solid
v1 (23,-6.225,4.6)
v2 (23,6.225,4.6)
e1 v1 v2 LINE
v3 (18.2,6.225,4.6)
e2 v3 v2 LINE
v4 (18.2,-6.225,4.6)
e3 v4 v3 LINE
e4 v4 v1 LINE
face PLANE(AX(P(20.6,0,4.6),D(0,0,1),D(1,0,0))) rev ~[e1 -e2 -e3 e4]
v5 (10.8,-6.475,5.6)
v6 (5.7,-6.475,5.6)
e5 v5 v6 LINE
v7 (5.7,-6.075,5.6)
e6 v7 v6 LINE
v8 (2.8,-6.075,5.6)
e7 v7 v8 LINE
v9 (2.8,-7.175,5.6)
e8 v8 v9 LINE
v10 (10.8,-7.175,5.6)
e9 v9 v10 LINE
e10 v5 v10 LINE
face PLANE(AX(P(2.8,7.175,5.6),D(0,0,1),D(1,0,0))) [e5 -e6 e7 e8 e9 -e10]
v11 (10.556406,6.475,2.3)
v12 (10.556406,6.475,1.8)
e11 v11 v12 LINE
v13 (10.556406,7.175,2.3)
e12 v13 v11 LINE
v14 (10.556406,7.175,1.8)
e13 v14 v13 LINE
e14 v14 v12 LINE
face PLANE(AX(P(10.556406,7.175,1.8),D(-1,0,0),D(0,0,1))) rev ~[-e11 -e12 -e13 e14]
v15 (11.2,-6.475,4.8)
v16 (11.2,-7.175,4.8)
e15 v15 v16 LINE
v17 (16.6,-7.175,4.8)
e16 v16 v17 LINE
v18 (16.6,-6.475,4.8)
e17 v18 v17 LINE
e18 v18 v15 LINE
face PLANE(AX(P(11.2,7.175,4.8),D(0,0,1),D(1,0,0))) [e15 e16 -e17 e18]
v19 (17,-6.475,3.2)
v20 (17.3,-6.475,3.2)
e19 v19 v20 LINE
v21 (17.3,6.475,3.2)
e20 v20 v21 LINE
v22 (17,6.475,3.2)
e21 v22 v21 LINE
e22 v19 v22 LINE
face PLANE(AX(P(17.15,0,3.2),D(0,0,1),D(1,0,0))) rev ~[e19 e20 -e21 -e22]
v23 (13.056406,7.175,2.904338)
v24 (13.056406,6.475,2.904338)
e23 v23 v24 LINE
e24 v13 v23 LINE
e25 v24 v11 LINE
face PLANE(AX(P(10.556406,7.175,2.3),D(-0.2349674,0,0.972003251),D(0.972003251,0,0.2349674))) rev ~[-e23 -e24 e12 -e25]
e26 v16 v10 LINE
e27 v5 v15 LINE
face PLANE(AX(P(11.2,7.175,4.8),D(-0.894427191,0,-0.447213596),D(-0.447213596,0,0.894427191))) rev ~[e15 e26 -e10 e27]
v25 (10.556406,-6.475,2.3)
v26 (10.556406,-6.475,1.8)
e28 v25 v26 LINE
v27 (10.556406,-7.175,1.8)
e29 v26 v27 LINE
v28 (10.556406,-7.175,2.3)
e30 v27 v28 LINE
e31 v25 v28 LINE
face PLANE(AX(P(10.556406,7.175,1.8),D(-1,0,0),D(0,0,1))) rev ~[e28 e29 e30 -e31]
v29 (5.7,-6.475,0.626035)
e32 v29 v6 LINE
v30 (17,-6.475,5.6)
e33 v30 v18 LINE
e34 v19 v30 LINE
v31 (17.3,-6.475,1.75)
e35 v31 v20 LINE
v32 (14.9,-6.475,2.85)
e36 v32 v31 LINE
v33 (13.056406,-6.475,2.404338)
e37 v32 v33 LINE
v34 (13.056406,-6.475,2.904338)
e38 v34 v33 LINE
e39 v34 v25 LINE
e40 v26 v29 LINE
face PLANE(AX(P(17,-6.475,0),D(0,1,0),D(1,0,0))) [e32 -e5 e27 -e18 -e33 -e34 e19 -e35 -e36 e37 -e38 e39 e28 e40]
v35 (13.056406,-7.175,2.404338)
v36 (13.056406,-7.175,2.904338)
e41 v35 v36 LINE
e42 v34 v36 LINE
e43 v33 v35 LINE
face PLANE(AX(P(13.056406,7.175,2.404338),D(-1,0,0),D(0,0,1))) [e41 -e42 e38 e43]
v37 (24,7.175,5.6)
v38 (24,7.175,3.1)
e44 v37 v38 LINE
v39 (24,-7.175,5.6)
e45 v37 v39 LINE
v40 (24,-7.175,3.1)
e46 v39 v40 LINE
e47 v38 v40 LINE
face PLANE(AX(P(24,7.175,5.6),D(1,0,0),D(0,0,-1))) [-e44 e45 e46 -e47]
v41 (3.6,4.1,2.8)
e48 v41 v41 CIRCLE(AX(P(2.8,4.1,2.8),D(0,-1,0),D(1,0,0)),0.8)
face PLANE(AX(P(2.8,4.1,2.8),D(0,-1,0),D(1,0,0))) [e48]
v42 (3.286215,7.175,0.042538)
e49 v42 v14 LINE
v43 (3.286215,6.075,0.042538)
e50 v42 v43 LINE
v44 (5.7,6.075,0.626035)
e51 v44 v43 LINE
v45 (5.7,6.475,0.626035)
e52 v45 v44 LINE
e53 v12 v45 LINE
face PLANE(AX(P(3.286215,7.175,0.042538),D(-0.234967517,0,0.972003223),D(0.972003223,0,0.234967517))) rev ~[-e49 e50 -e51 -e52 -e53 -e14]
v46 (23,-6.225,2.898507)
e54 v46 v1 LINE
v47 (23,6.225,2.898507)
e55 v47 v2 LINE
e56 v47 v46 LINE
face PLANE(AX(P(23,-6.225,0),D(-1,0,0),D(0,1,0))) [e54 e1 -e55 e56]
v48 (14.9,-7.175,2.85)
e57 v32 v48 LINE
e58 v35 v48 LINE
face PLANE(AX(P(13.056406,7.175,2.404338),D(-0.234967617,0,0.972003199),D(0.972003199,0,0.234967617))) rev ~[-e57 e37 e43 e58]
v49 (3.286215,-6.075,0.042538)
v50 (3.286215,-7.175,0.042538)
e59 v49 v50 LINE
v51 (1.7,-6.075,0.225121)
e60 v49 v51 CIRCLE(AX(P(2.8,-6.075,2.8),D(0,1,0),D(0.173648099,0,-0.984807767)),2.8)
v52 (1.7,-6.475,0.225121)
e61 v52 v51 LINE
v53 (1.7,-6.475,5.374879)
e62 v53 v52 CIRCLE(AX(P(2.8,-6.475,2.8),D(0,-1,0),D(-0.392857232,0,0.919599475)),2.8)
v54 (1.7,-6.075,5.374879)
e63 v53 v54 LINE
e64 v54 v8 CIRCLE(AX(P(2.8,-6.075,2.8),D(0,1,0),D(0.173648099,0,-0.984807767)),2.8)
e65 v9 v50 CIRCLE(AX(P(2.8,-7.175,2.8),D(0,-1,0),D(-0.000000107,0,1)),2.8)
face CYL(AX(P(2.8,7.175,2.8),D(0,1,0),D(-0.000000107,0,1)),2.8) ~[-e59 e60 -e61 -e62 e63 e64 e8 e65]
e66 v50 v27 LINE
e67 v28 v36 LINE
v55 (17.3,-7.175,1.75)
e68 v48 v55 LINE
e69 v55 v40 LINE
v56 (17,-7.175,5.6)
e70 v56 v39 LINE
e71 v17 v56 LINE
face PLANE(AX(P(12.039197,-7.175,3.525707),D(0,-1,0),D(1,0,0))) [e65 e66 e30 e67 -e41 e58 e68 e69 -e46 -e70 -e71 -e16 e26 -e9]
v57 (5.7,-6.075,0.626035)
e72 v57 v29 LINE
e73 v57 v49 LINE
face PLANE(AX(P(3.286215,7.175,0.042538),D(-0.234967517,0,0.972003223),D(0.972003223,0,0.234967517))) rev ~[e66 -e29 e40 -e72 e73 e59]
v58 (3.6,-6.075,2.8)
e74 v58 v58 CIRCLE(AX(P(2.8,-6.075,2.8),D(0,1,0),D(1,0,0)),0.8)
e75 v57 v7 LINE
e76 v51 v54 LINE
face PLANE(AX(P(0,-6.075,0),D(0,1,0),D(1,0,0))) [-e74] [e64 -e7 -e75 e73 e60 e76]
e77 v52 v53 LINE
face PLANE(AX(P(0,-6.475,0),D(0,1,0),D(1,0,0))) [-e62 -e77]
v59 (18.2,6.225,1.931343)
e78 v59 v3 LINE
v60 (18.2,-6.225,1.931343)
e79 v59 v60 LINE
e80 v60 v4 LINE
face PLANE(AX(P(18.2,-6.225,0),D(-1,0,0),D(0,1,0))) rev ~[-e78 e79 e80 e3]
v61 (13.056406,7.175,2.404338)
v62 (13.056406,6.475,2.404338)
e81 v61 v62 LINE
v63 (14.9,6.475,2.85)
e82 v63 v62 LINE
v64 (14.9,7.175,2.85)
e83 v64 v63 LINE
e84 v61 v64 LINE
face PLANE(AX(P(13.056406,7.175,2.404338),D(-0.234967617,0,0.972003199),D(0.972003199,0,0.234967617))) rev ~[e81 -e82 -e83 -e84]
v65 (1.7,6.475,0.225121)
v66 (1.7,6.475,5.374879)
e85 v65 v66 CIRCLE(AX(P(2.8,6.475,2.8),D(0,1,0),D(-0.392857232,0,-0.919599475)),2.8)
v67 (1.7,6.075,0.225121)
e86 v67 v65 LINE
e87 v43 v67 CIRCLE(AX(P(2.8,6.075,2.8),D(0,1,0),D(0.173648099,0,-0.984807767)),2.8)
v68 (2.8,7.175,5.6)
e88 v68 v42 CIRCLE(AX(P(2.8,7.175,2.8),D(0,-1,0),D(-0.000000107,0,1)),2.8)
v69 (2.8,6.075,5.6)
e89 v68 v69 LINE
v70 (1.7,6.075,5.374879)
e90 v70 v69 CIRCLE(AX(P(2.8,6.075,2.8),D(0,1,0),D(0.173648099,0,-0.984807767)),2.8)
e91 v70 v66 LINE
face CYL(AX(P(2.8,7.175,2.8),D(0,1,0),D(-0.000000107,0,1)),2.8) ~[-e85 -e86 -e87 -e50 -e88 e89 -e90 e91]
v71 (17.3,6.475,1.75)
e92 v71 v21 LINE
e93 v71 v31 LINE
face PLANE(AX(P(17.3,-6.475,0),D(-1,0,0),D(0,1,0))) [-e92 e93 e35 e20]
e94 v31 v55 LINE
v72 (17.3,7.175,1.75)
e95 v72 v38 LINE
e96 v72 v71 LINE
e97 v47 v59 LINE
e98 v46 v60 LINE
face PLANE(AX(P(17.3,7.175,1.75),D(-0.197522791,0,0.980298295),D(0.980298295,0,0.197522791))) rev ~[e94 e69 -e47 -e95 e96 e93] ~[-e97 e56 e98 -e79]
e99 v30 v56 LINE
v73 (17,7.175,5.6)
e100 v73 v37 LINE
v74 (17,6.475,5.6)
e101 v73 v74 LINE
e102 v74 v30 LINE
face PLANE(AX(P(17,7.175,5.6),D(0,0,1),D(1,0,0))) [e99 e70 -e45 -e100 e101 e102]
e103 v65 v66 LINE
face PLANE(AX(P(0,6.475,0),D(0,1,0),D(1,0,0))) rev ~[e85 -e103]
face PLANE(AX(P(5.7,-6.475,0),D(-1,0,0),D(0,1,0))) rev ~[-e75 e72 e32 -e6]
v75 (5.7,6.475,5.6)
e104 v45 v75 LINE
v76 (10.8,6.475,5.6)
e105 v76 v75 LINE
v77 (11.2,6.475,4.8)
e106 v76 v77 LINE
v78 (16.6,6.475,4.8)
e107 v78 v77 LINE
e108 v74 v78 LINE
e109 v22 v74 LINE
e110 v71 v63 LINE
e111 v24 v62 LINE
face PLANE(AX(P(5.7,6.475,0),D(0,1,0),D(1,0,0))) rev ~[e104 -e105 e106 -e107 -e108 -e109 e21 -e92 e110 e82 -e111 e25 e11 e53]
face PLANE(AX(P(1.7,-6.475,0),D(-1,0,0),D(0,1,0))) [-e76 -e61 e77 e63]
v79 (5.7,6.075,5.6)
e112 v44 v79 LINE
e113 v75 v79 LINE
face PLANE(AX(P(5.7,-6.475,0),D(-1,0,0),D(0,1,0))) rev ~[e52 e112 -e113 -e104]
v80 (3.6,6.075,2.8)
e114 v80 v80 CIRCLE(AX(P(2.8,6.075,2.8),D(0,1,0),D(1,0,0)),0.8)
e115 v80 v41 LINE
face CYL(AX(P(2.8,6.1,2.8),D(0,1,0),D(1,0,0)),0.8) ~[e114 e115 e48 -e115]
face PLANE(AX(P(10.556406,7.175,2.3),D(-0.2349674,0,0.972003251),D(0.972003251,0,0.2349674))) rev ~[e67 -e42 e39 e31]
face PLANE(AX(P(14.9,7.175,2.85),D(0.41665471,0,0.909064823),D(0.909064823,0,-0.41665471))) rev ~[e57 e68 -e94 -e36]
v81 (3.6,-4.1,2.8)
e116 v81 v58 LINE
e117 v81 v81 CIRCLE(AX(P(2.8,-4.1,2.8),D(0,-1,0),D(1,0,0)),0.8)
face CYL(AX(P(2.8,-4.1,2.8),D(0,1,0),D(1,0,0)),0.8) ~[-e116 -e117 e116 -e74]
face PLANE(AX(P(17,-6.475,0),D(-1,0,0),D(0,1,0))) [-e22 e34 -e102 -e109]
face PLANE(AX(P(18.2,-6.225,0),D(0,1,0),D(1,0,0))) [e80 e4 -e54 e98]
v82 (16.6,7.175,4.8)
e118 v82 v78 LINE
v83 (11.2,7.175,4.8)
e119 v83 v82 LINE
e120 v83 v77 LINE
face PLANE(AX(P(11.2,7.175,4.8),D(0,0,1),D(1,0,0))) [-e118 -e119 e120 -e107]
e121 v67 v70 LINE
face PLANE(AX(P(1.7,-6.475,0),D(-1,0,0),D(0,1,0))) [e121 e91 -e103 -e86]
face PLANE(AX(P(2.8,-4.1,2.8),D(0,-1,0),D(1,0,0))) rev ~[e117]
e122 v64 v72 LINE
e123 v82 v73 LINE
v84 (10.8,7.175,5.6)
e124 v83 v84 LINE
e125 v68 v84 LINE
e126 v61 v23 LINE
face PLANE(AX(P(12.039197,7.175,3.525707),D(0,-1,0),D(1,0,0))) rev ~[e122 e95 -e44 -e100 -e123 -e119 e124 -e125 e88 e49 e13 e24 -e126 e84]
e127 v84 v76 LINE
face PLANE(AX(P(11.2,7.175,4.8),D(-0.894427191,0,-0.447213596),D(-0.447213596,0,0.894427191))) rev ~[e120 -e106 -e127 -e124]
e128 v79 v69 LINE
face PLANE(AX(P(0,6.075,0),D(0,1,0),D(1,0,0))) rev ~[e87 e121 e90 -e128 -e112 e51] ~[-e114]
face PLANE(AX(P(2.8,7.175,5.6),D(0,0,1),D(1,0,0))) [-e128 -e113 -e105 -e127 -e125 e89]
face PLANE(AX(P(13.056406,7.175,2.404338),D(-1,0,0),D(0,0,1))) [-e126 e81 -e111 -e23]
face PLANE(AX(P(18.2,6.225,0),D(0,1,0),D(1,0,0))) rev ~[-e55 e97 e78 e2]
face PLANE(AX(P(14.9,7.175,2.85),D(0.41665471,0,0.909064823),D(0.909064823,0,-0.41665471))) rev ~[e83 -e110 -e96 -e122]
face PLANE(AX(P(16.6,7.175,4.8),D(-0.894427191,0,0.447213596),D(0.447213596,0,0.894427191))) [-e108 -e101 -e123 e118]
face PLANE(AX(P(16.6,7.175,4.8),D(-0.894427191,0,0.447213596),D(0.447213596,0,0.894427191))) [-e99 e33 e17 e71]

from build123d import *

# Parameters (mm, degrees)
CYLINDER_R        = 0.8
CYLINDER_DEPTH    = 2
CYLINDER001_R     = 0.8
CYLINDER001_DEPTH = 2
BOX004_W          = 0.3
BOX004_H          = 12.95
BOX004_DEPTH      = 3.2
BOX003_W          = 4.8
BOX003_H          = 12.45
BOX003_DEPTH      = 4.6
BOX001_W          = 1.7
BOX001_H          = 12.95
BOX001_DEPTH      = 10
BOX002_W          = 11.3
BOX002_H          = 12.95
BOX002_DEPTH      = 10
BOX_W             = 15.8
BOX_H             = 12.15
BOX_DEPTH         = 10
EXTRUDE_DEPTH     = 14.35


with BuildPart() as cylinder:
    # Cylinder → Cylinder (new body)
    with BuildSketch(Plane(origin=(2.8, -4.1, 2.8), x_dir=(1, 0, 0), z_dir=(0, -1, 0))):
        Circle(CYLINDER_R)
    extrude(amount=CYLINDER_DEPTH)


with BuildPart() as cylinder001:
    # Cylinder001 → Cylinder001 (new body)
    with BuildSketch(Plane(origin=(2.8, 6.1, 2.8), x_dir=(1, 0, 0), z_dir=(0, -1, 0))):
        Circle(CYLINDER001_R)
    extrude(amount=CYLINDER001_DEPTH)


with BuildPart() as cube004:
    # Box004 → Box004 (new body)
    with BuildSketch(Plane(origin=(17, -6.475, 0), x_dir=(1, 0, 0), z_dir=(0, 0, 1))):
        with Locations((0.15, 6.475)):
            Rectangle(BOX004_W, BOX004_H)
    extrude(amount=BOX004_DEPTH)


with BuildPart() as compound001:
    # Box003 → Box003 (new body)
    with BuildSketch(Plane(origin=(18.2, -6.225, 0), x_dir=(1, 0, 0), z_dir=(0, 0, 1))):
        with Locations((2.4, 6.225)):
            Rectangle(BOX003_W, BOX003_H)
    extrude(amount=BOX003_DEPTH)

    # Compound001: union Cube004
    add(cube004.part)


with BuildPart() as cube001:
    # Box001 → Box001 (new body)
    with BuildSketch(Plane(origin=(0, -6.475, 0), x_dir=(1, 0, 0), z_dir=(0, 0, 1))):
        with Locations((0.85, 6.475)):
            Rectangle(BOX001_W, BOX001_H)
    extrude(amount=BOX001_DEPTH)


with BuildPart() as compound:
    # Box002 → Box002 (new body)
    with BuildSketch(Plane(origin=(5.7, -6.475, 0), x_dir=(1, 0, 0), z_dir=(0, 0, 1))):
        with Locations((5.65, 6.475)):
            Rectangle(BOX002_W, BOX002_H)
    extrude(amount=BOX002_DEPTH)

    # Compound: union Cube001
    add(cube001.part)


with BuildPart() as cube:
    # Box → Box (new body)
    with BuildSketch(Plane(origin=(0, -6.075, 0), x_dir=(1, 0, 0), z_dir=(0, 0, 1))):
        with Locations((7.9, 6.075)):
            Rectangle(BOX_W, BOX_H)
    extrude(amount=BOX_DEPTH)


with BuildPart() as fusion:
    # Sketch → Extrude (new body)
    with BuildSketch(Plane.XZ):
        with BuildLine():
            ThreePointArc((2.8, 5.6), (0.010655, 2.555964), (3.286215, 0.042538))
            Line((3.286215, 0.042538), (10.556406, 1.8))
            Line((10.556406, 1.8), (10.556406, 2.3))
            Line((10.556406, 2.3), (13.056406, 2.904338))
            Line((13.056406, 2.404338), (13.056406, 2.904338))
            Line((13.056406, 2.404338), (14.9, 2.85))
            Line((14.9, 2.85), (17.3, 1.75))
            Line((17.3, 1.75), (24, 3.1))
            Line((24, 5.6), (24, 3.1))
            Line((17, 5.6), (24, 5.6))
            Line((16.6, 4.8), (17, 5.6))
            Line((11.2, 4.8), (16.6, 4.8))
            Line((11.2, 4.8), (10.8, 5.6))
            Line((2.8, 5.6), (10.8, 5.6))
        make_face()
    extrude(amount=EXTRUDE_DEPTH)


with BuildPart() as fusion_1:
    # Extrude placement: moved
    add(fusion.part.moved(Location((0, 7.175, 0))))

    # Cut: cut Cube
    add(cube.part, mode=Mode.SUBTRACT)

    # Cut001: cut Compound
    add(compound.part, mode=Mode.SUBTRACT)

    # Cut002: cut Compound001
    add(compound001.part, mode=Mode.SUBTRACT)

    # Fusion: union Cylinder, Cylinder001
    add(cylinder.part)
    add(cylinder001.part)


solid = fusion_1.part
